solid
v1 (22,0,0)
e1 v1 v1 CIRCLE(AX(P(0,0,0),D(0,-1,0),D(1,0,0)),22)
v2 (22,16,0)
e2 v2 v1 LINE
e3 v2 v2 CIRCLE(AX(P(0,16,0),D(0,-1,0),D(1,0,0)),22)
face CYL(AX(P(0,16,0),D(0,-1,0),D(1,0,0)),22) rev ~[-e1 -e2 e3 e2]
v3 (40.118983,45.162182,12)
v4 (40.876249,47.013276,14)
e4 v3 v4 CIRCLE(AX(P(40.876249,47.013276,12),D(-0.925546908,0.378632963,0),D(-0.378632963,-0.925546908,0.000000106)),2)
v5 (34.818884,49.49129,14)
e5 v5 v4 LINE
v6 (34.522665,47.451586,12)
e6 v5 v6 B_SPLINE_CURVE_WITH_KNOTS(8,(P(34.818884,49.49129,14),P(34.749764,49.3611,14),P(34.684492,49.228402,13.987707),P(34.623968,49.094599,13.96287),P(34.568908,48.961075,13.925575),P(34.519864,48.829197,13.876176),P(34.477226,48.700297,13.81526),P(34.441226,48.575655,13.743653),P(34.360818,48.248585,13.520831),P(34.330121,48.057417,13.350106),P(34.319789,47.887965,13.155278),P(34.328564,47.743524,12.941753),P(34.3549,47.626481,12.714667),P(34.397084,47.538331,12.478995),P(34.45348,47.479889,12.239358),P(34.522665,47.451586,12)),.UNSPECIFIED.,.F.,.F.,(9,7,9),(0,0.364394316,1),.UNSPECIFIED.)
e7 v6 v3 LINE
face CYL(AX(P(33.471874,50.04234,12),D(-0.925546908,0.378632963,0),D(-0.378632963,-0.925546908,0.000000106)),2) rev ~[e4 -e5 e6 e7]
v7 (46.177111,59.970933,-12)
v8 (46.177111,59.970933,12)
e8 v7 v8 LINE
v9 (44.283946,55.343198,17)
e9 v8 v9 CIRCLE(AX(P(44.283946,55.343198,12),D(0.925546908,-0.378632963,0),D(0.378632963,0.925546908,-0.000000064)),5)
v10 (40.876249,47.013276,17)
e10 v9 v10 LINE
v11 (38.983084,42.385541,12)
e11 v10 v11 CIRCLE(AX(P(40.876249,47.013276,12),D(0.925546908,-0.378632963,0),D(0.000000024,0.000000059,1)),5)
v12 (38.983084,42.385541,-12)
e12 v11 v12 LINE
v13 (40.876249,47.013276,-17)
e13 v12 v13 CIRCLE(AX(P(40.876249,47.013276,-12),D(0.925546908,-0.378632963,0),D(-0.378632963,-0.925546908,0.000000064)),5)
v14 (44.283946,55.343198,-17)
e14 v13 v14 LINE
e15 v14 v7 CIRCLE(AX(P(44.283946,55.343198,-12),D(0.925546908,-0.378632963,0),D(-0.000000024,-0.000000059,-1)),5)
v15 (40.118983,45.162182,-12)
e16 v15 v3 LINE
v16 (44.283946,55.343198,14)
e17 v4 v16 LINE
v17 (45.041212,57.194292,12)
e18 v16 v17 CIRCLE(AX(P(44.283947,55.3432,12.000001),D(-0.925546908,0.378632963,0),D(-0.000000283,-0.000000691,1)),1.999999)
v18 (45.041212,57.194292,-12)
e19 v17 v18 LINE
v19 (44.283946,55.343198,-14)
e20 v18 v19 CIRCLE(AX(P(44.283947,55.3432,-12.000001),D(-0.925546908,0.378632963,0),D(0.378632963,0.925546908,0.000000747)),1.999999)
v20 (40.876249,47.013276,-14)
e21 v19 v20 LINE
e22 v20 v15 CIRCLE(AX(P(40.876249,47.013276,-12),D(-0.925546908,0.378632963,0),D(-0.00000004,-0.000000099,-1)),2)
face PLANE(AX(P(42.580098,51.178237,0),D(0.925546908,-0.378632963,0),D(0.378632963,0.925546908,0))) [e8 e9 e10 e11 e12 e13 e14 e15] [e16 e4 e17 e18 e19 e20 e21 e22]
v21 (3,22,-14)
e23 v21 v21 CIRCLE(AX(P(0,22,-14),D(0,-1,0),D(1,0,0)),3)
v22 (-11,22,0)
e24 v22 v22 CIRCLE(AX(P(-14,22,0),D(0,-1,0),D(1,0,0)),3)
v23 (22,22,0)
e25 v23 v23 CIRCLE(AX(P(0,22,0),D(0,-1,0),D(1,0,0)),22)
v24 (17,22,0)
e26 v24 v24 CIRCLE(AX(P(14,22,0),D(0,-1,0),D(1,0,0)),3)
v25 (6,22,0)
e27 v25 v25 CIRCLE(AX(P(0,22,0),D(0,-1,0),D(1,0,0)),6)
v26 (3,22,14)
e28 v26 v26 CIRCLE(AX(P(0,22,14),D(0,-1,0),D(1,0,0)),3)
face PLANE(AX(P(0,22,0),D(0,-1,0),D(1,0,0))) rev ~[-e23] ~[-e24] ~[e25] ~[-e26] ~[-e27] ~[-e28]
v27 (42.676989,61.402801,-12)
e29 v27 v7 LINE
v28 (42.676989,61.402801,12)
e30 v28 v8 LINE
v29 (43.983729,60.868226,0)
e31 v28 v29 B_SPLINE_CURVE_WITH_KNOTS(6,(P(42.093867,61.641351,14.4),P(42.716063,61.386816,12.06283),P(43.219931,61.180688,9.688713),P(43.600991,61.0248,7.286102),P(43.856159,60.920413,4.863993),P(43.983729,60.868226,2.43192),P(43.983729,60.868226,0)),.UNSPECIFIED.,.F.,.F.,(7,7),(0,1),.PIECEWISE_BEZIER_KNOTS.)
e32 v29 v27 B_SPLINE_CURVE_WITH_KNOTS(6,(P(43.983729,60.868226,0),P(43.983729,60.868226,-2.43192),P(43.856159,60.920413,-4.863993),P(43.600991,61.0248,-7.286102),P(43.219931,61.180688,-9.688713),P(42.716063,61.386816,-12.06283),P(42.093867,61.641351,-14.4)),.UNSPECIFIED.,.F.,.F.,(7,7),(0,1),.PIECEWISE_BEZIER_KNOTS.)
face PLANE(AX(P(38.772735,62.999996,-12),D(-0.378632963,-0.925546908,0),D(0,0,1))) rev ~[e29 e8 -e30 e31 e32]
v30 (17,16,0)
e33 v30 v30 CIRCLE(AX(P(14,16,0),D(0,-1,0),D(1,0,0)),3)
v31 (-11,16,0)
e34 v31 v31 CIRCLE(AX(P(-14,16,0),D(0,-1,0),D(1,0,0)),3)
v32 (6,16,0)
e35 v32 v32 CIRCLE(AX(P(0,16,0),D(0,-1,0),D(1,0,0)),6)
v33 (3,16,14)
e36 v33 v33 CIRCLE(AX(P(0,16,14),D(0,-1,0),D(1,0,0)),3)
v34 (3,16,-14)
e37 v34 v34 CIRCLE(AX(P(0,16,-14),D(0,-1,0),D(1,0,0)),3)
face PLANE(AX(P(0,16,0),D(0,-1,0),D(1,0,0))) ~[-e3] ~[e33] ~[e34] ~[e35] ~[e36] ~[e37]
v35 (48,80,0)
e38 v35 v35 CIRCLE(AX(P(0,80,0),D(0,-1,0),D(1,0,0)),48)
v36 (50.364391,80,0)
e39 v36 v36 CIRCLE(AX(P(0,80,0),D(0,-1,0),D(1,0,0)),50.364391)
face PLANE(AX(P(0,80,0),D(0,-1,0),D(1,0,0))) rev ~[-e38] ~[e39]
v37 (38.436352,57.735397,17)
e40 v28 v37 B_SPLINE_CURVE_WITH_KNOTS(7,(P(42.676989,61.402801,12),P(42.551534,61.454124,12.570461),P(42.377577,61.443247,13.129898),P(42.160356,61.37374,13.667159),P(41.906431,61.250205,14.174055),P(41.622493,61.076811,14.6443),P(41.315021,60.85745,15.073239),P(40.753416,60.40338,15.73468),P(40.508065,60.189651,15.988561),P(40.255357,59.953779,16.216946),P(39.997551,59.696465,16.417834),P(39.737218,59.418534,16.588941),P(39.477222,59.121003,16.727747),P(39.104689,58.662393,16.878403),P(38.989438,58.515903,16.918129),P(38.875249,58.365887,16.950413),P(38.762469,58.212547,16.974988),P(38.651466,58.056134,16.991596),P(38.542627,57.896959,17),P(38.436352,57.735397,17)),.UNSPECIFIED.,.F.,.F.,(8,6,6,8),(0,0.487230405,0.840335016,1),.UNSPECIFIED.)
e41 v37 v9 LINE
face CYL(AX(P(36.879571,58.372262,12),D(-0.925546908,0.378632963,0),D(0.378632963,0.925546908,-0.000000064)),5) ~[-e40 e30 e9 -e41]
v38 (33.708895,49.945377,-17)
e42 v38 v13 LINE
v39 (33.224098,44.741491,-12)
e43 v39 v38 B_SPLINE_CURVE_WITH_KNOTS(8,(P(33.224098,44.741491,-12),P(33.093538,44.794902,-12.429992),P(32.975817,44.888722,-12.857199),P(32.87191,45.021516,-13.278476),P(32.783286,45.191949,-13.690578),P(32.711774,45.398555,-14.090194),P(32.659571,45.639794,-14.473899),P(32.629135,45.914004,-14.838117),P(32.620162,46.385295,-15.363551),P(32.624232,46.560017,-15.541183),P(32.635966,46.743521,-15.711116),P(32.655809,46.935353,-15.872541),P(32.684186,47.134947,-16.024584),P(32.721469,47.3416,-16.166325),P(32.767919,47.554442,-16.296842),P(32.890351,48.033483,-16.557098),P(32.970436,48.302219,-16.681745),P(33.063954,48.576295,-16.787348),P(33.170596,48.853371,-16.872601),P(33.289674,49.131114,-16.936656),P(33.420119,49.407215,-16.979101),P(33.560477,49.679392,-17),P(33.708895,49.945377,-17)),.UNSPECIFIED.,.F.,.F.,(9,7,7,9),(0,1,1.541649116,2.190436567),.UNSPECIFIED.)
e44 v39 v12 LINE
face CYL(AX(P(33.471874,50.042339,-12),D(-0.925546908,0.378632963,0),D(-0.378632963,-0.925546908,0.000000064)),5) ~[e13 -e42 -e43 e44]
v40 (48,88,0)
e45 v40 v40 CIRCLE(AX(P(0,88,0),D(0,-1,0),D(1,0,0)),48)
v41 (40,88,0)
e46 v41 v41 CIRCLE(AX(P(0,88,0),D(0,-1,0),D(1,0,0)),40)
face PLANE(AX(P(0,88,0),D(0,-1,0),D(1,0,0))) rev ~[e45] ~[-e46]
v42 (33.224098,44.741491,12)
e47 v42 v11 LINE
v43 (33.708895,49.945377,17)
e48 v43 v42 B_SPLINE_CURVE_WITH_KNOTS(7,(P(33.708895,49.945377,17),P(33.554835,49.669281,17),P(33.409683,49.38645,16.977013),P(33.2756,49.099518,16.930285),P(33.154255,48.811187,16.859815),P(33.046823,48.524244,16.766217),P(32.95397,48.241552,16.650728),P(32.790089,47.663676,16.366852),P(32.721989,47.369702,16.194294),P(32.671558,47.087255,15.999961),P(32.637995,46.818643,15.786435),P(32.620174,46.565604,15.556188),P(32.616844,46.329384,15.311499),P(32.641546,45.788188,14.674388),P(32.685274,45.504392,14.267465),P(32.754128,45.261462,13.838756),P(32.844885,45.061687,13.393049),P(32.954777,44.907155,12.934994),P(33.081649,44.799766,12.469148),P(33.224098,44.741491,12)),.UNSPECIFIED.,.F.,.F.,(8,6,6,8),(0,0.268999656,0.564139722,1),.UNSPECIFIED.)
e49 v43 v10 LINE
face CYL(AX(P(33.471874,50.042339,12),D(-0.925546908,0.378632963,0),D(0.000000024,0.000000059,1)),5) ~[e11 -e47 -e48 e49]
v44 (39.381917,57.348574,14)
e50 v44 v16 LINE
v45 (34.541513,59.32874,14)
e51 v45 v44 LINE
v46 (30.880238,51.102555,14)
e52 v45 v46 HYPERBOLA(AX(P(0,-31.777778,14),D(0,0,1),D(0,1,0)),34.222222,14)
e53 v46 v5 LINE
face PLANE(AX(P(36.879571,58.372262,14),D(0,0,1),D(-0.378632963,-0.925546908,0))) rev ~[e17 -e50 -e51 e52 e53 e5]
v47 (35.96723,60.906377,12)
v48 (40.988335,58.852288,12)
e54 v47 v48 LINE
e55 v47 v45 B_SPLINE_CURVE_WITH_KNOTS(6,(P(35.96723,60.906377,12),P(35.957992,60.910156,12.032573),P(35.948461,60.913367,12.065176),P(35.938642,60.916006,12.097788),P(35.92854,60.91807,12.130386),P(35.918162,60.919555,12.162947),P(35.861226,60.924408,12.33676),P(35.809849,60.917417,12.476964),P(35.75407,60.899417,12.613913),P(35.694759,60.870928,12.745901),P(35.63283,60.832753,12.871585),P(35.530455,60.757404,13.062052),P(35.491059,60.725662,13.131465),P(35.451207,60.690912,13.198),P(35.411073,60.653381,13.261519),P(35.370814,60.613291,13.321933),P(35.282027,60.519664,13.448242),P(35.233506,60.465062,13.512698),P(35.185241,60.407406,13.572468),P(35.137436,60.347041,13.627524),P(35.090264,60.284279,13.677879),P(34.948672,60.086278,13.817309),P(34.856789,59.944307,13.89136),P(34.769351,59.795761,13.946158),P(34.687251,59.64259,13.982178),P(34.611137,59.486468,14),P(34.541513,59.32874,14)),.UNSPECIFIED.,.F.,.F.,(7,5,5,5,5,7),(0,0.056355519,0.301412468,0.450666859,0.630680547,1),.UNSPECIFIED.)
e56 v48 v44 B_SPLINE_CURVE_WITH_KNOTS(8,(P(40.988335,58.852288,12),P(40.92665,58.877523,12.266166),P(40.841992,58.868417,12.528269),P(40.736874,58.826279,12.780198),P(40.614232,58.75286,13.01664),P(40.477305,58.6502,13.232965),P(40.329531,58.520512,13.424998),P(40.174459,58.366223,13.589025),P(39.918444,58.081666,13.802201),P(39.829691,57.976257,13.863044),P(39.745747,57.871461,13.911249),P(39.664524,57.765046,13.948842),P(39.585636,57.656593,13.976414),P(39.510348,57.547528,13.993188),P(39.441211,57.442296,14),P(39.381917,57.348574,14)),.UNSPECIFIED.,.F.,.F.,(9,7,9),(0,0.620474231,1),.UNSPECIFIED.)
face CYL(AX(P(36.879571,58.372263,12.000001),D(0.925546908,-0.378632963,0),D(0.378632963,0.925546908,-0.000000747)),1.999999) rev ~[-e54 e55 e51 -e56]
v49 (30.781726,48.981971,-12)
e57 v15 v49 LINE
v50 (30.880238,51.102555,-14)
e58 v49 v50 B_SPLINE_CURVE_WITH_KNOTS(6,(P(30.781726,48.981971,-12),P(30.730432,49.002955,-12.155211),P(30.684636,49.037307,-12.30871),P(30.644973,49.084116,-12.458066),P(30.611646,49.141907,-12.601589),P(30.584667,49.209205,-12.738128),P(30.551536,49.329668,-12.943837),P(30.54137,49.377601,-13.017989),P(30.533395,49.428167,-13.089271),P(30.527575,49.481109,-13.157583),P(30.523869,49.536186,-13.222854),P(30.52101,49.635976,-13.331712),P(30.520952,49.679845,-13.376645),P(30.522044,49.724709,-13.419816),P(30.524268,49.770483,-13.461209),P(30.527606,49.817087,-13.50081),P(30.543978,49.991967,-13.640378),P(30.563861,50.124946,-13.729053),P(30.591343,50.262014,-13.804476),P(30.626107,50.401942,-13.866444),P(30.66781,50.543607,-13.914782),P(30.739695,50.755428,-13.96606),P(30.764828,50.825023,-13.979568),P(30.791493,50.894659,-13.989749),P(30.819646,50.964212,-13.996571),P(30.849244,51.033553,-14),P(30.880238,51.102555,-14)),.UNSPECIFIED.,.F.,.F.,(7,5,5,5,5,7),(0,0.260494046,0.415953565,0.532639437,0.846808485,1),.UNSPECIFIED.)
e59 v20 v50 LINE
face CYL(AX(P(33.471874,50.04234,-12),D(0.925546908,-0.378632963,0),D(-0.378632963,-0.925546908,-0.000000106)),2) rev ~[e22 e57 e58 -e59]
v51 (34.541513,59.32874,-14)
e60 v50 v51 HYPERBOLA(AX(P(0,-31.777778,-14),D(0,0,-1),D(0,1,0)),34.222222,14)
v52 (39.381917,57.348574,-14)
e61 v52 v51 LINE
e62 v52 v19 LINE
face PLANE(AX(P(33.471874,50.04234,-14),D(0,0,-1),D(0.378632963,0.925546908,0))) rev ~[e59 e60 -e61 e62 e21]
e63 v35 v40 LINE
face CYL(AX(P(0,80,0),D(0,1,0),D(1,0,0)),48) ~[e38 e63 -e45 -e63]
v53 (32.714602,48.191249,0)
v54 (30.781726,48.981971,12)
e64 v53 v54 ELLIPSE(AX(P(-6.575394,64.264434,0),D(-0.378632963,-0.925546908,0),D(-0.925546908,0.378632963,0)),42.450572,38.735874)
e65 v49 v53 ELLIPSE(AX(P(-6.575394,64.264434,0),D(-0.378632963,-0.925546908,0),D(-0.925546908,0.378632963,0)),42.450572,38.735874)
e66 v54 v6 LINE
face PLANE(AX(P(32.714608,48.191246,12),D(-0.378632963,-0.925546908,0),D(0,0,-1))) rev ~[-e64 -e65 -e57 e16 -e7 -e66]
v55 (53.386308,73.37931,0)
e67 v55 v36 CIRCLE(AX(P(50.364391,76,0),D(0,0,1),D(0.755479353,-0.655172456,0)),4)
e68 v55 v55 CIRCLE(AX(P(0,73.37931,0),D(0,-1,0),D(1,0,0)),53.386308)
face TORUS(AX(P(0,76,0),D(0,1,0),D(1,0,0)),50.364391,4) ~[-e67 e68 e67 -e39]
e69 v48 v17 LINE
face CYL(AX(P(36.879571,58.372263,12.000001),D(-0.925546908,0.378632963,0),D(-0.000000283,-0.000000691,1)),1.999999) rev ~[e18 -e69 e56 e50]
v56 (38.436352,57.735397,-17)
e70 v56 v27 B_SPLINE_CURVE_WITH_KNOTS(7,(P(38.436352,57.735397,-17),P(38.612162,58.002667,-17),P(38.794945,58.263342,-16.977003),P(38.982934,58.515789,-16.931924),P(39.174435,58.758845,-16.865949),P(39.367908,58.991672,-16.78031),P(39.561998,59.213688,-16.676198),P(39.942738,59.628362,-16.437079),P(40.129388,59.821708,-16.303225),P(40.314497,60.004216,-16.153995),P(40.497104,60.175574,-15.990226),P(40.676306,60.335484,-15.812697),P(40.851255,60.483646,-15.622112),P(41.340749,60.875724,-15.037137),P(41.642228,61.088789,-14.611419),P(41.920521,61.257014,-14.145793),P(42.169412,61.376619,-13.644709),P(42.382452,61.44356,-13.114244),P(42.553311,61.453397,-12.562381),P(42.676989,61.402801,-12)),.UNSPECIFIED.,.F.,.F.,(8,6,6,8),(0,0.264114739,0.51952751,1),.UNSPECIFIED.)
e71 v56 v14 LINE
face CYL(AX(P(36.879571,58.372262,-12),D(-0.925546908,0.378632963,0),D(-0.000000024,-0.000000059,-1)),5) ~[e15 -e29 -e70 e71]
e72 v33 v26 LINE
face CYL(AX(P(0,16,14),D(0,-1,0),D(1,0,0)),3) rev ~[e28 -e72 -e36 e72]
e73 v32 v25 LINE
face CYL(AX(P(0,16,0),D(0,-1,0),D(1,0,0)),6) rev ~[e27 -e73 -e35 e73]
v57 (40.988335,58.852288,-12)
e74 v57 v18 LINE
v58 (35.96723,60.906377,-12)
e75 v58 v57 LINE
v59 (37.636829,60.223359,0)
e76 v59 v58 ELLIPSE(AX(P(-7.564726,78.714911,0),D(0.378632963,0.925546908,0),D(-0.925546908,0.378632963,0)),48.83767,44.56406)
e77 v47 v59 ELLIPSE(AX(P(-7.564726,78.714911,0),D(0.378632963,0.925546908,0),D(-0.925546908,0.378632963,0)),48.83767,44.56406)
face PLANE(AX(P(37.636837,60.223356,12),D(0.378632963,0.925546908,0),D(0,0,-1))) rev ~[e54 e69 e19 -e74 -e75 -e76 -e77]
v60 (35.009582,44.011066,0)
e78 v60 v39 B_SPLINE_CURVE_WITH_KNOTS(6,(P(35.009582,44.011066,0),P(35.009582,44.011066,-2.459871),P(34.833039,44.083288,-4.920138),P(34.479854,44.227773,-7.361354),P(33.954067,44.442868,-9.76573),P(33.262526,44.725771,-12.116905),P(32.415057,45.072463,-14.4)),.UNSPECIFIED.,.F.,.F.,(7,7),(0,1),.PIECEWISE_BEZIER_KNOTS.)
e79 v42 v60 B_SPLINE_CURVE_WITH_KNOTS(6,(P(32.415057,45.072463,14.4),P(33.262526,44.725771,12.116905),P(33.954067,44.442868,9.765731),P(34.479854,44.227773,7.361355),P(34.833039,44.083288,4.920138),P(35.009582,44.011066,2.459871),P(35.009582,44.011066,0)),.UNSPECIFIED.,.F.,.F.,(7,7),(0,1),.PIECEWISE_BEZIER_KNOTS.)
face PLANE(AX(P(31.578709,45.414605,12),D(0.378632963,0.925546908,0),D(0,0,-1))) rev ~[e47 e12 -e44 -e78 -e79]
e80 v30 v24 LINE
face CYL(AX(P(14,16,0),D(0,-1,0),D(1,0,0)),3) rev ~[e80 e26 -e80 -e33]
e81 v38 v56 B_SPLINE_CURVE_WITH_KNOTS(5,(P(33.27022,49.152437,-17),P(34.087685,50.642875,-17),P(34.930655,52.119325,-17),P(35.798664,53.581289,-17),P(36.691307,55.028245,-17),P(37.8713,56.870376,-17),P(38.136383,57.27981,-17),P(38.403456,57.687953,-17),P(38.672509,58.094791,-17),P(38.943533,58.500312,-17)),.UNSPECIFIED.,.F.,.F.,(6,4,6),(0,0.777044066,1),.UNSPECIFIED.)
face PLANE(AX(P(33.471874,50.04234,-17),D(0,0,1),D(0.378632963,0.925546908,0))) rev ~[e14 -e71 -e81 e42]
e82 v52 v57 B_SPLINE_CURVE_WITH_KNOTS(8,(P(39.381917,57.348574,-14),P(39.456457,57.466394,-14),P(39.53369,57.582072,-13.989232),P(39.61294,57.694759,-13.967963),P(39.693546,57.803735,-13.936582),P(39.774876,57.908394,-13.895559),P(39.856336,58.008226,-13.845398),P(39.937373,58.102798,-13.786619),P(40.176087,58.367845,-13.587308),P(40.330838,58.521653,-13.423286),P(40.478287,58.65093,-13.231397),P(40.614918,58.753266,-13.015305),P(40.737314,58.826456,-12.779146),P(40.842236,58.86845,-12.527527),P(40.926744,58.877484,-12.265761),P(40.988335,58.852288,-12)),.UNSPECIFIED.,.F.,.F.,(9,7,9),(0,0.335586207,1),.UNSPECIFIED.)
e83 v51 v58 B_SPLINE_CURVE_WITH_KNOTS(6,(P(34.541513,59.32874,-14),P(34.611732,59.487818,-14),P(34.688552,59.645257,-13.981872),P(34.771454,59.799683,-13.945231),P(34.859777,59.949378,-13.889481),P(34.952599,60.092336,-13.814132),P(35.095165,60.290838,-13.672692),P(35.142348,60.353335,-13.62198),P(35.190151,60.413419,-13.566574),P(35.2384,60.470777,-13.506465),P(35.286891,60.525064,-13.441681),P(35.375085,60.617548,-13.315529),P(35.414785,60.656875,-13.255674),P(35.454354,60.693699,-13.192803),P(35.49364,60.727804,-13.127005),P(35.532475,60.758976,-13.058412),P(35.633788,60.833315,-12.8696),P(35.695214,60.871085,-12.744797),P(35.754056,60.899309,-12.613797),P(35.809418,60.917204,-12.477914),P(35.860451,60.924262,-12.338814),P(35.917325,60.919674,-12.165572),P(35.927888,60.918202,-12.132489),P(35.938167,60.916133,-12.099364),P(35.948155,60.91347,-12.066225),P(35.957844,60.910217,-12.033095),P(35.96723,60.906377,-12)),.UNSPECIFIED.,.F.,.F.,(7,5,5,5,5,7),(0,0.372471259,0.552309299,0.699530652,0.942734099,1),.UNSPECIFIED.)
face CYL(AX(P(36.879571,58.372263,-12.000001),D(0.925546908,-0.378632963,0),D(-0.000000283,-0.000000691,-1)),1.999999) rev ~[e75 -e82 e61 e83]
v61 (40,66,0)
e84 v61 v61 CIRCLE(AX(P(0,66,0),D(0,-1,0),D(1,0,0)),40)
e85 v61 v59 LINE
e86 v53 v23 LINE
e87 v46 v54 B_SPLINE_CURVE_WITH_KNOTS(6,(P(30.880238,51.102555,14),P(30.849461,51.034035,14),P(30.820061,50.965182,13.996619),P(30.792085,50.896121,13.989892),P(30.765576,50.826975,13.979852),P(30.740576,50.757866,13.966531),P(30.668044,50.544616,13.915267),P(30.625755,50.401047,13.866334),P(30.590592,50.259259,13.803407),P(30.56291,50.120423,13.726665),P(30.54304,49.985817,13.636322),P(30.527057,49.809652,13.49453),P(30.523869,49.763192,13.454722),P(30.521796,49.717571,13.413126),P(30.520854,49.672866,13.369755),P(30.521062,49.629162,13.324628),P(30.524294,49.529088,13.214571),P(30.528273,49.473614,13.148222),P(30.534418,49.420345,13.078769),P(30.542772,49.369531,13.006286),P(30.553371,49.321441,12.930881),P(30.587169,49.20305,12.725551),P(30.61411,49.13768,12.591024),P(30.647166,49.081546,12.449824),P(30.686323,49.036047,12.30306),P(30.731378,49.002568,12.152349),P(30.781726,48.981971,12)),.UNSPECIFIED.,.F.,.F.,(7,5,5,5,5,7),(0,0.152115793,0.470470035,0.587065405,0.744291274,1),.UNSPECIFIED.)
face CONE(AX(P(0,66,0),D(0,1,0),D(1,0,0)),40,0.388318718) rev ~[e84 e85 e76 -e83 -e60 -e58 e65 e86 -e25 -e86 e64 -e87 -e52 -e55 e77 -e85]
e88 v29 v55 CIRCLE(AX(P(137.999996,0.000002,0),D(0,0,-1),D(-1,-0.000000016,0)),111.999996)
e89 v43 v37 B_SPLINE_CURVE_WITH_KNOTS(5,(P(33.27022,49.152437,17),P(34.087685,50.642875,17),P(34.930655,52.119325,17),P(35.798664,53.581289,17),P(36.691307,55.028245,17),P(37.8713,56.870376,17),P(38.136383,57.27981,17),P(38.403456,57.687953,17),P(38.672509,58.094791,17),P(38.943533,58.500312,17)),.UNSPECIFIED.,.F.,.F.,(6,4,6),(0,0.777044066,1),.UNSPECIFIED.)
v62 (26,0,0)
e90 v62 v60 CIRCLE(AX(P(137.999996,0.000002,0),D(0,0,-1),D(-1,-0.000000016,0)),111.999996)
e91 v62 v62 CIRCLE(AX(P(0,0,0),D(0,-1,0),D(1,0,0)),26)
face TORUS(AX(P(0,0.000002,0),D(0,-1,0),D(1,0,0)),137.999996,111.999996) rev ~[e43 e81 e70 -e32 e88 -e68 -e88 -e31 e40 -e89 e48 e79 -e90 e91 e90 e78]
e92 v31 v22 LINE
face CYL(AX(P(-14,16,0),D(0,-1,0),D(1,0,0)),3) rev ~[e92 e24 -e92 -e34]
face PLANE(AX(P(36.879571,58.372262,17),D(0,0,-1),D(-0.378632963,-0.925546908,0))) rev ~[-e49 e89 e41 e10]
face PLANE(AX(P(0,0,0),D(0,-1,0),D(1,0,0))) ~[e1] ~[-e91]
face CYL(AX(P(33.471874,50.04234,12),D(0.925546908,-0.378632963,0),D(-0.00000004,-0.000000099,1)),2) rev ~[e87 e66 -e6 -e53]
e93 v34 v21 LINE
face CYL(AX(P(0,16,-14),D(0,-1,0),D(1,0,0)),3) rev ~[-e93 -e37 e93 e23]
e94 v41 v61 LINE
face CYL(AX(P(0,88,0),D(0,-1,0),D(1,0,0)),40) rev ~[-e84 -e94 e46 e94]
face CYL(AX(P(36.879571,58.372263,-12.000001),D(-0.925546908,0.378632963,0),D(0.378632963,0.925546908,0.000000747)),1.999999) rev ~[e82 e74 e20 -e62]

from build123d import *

# Parameters (mm, degrees)
F2_R     = 6
F3_DEPTH = 72.001
F2_R_2   = 3
F4_DEPTH = 72.001
F7_DEPTH = 12.5
F8_DEPTH = 8


with BuildPart() as f1:
    # F0 (on Top) → F1 (revolve)
    with BuildSketch(Plane.XY):
        with BuildLine():
            ThreePointArc((26, 0), (33.069705, 39.16163), (53.386308, 73.37931))
            ThreePointArc((53.386308, 73.37931), (54.003261, 77.66091), (50.364391, 80))
            Line((50.364391, 80), (48, 80))
            Line((48, 80), (48, 88))
            Line((48, 88), (40, 88))
            Line((40, 88), (40, 66))
            Line((40, 66), (22, 22))
            Line((22, 22), (0, 22))
            Line((0, 22), (0, 16))
            Line((0, 16), (22, 16))
            Line((22, 16), (22, 0))
            Line((22, 0), (26, 0))
        make_face()
    revolve(axis=Axis((0, 5.929412, 0), (0, -1, 0)))

    # F2 (on face) → F3 (cut, through all)
    with BuildSketch(Plane.XZ.offset(-16)):
        Circle(F2_R)
    extrude(amount=-F3_DEPTH, mode=Mode.SUBTRACT)

    # F2 (on face) → F4 (cut, through all)
    with BuildSketch(Plane.XZ.offset(-16)):
        with Locations((-14, 0)):
            Circle(F2_R_2)
        with Locations((0, 14)):
            Circle(F2_R_2)
        with Locations((14, 0)):
            Circle(F2_R_2)
        with Locations((0, -14)):
            Circle(F2_R_2)
    extrude(amount=-F4_DEPTH, mode=Mode.SUBTRACT)

    # F6 (on face) → F7 (cut, symmetric)
    with BuildSketch(Plane(origin=(11.136283, -4.555752, 0), x_dir=(0.378633, 0.925547, 0), z_dir=(0.925547, -0.378633, 0))):
        with BuildLine():
            ThreePointArc((69.990086, 12), (69.4043, 13.414214), (67.990086, 14))
            Line((67.990086, 14), (58.990086, 14))
            ThreePointArc((58.990086, 14), (57.575873, 13.414214), (56.990086, 12))
            Line((56.990086, 12), (56.990086, -12))
            ThreePointArc((56.990086, -12), (57.575873, -13.414214), (58.990086, -14))
            Line((58.990086, -14), (67.990086, -14))
            ThreePointArc((67.990086, -14), (69.4043, -13.414214), (69.990086, -12))
            Line((69.990086, -12), (69.990086, 12))
        make_face()
    extrude(amount=F7_DEPTH, both=True, mode=Mode.SUBTRACT)

    # F6 (on face) → F8 (join)
    with BuildSketch(Plane(origin=(11.136283, -4.555752, 0), x_dir=(0.378633, 0.925547, 0), z_dir=(0.925547, -0.378633, 0))):
        with BuildLine():
            ThreePointArc((72.990086, 12), (71.52562, 15.535534), (67.990086, 17))
            Line((67.990086, 17), (58.990086, 17))
            ThreePointArc((58.990086, 17), (55.454552, 15.535534), (53.990086, 12))
            Line((53.990086, 12), (53.990086, -12))
            ThreePointArc((53.990086, -12), (55.454552, -15.535534), (58.990086, -17))
            Line((58.990086, -17), (67.990086, -17))
            ThreePointArc((67.990086, -17), (71.52562, -15.535534), (72.990086, -12))
            Line((72.990086, -12), (72.990086, 12))
        make_face()
        with BuildLine():
            Line((58.990086, 14), (67.990086, 14))
            ThreePointArc((67.990086, 14), (69.4043, 13.414214), (69.990086, 12))
            Line((69.990086, 12), (69.990086, -12))
            ThreePointArc((69.990086, -12), (69.4043, -13.414214), (67.990086, -14))
            Line((67.990086, -14), (58.990086, -14))
            ThreePointArc((58.990086, -14), (57.575873, -13.414214), (56.990086, -12))
            Line((56.990086, -12), (56.990086, 12))
            ThreePointArc((56.990086, 12), (57.575873, 13.414214), (58.990086, 14))
        make_face(mode=Mode.SUBTRACT)
    extrude(amount=F8_DEPTH)


solid = f1.part
